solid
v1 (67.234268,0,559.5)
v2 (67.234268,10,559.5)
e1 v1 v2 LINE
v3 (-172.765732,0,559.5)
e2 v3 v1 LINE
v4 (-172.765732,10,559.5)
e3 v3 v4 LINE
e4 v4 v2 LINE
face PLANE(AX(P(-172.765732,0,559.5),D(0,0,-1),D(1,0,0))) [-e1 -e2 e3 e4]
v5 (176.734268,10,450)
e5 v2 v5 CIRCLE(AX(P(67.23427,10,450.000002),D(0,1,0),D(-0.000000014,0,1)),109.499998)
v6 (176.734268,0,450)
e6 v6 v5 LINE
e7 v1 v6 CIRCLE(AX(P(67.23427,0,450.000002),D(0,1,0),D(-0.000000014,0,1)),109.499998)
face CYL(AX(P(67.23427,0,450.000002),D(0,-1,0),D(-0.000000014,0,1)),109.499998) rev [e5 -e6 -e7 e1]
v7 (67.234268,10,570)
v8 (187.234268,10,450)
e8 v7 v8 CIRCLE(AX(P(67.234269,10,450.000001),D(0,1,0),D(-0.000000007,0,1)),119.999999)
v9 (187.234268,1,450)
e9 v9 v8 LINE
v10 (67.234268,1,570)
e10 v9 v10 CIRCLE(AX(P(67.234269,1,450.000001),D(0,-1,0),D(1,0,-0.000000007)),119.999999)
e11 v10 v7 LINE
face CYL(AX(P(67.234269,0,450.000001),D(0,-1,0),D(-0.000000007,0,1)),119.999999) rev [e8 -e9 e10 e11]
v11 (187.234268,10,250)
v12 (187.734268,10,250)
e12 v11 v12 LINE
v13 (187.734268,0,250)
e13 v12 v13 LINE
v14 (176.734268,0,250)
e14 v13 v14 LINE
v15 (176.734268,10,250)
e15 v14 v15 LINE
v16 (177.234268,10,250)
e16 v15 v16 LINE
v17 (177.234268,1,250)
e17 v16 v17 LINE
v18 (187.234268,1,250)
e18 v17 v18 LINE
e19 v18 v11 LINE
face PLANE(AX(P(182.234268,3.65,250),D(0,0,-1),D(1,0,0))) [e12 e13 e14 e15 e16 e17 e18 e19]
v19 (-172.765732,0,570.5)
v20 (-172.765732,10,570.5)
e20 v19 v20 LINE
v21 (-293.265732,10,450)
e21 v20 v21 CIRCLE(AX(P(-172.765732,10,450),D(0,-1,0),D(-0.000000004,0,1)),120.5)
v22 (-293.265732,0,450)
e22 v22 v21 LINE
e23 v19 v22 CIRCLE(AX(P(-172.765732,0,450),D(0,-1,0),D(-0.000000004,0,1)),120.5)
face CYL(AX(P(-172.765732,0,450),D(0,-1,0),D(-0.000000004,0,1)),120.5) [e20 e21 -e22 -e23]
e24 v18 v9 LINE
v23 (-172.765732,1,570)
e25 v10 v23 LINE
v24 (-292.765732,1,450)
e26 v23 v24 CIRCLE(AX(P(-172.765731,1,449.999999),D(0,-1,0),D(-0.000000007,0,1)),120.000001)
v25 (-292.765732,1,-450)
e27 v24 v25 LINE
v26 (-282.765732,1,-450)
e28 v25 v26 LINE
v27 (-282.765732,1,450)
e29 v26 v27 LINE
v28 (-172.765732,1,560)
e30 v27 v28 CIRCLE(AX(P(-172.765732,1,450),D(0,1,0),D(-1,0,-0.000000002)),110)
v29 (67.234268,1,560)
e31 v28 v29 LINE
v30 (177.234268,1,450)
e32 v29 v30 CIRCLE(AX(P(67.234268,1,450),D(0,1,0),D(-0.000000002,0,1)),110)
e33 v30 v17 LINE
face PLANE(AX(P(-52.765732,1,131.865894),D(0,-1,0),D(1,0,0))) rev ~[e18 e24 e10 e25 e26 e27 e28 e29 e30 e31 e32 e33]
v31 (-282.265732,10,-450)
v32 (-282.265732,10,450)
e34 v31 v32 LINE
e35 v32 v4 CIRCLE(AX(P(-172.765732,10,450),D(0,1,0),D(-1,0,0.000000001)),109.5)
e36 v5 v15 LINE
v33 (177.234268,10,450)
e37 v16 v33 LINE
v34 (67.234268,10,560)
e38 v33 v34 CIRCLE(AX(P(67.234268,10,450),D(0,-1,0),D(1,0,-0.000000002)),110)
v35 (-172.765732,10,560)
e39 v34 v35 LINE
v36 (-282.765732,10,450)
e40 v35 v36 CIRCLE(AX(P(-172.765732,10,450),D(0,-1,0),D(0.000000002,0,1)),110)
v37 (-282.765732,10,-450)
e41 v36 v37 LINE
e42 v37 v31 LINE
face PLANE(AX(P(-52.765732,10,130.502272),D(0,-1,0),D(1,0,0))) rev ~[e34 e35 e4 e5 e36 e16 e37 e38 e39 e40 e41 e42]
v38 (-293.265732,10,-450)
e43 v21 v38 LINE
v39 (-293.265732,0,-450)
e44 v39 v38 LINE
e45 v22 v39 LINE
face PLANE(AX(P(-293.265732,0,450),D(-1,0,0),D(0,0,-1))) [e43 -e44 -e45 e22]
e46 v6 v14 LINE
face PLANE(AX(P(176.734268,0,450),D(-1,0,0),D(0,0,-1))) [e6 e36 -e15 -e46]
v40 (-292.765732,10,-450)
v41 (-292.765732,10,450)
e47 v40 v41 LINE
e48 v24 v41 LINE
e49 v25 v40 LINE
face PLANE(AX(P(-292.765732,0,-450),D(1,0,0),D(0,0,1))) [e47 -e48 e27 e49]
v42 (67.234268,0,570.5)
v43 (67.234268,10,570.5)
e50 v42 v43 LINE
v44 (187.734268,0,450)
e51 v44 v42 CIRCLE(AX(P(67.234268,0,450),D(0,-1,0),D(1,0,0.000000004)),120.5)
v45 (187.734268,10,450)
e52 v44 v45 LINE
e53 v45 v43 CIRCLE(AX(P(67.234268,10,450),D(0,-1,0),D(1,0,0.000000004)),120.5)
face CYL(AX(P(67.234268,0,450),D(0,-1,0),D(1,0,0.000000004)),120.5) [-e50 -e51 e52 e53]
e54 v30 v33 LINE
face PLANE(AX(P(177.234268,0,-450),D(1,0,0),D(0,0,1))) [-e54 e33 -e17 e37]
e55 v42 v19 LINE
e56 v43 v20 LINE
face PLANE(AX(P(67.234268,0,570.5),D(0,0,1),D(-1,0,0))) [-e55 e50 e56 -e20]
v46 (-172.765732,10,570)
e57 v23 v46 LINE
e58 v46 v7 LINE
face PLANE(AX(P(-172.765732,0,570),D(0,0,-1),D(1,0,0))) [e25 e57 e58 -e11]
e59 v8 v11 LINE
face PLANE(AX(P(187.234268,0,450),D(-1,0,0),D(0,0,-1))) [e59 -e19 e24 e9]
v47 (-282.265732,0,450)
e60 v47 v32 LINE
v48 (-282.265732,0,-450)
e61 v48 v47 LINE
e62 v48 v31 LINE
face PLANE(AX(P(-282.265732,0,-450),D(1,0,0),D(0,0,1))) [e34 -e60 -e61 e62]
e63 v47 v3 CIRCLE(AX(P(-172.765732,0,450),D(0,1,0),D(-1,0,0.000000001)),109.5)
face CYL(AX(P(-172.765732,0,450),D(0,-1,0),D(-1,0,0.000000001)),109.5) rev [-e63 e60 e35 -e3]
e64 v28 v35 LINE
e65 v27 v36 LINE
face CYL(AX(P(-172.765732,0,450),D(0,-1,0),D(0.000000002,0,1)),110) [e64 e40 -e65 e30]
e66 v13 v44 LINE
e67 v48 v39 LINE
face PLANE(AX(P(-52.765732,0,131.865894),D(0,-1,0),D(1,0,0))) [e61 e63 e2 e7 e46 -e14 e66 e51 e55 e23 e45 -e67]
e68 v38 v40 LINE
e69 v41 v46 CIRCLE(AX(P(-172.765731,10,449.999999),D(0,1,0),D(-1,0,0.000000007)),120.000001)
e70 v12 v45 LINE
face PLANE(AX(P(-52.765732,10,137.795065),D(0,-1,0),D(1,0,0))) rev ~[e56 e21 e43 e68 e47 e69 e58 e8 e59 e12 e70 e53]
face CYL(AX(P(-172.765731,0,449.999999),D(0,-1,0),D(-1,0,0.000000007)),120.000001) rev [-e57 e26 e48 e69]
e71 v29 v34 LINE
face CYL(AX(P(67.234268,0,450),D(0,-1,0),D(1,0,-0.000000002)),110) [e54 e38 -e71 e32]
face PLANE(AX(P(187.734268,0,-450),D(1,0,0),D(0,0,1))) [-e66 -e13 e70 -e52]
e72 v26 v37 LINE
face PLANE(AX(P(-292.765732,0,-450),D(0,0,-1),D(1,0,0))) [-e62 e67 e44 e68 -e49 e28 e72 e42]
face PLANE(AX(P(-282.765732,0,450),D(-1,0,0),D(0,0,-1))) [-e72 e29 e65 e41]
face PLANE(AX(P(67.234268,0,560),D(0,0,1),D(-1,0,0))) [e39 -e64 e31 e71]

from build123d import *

# Parameters (mm, degrees)
F1_DEPTH = 10
F2_DEPTH = 1
F3_DEPTH = 700


with BuildPart() as f1:
    # F0 (on Front) → F1 (new body)
    with BuildSketch(Plane.XZ):
        with BuildLine():
            Line((67.234268, 570.5), (-172.765732, 570.5))
            ThreePointArc((-172.765732, 570.5), (-257.972099, 535.206367), (-293.265732, 450))
            Line((-293.265732, 450), (-293.265732, -450))
            Line((-293.265732, -450), (-292.765732, -450))
            Line((-292.765732, -450), (-292.765732, 450))
            ThreePointArc((-292.765732, 450), (-257.618545, 534.852814), (-172.765732, 570))
            Line((-172.765732, 570), (67.234268, 570))
            ThreePointArc((67.234268, 570), (152.087082, 534.852814), (187.234268, 450))
            Line((187.234268, 450), (187.234268, -450))
            Line((187.234268, -450), (187.734268, -450))
            Line((187.734268, -450), (187.734268, 450))
            ThreePointArc((187.734268, 450), (152.440635, 535.206367), (67.234268, 570.5))
        make_face()
        with BuildLine():
            Line((-282.765732, 450), (-282.765732, -450))
            Line((-282.765732, -450), (-282.265732, -450))
            Line((-282.265732, -450), (-282.265732, 450))
            ThreePointArc((-282.265732, 450), (-250.193924, 527.428193), (-172.765732, 559.5))
            Line((-172.765732, 559.5), (67.234268, 559.5))
            ThreePointArc((67.234268, 559.5), (144.662461, 527.428193), (176.734268, 450))
            Line((176.734268, 450), (176.734268, -450))
            Line((176.734268, -450), (177.234268, -450))
            Line((177.234268, -450), (177.234268, 450))
            ThreePointArc((177.234268, 450), (145.016014, 527.781746), (67.234268, 560))
            Line((67.234268, 560), (-172.765732, 560))
            ThreePointArc((-172.765732, 560), (-250.547478, 527.781746), (-282.765732, 450))
        make_face()
    extrude(amount=-F1_DEPTH)

    # F0 (on Front) → F2 (join)
    with BuildSketch(Plane.XZ):
        with BuildLine():
            Line((-292.765732, 450), (-292.765732, -450))
            Line((-292.765732, -450), (-282.765732, -450))
            Line((-282.765732, -450), (-282.765732, 450))
            ThreePointArc((-282.765732, 450), (-250.547478, 527.781746), (-172.765732, 560))
            Line((-172.765732, 560), (67.234268, 560))
            ThreePointArc((67.234268, 560), (145.016014, 527.781746), (177.234268, 450))
            Line((177.234268, 450), (177.234268, -450))
            Line((177.234268, -450), (187.234268, -450))
            Line((187.234268, -450), (187.234268, 450))
            ThreePointArc((187.234268, 450), (152.087082, 534.852814), (67.234268, 570))
            Line((67.234268, 570), (-172.765732, 570))
            ThreePointArc((-172.765732, 570), (-257.618545, 534.852814), (-292.765732, 450))
        make_face()
    extrude(amount=-F2_DEPTH)

    # F2_face (on face) → F3 (cut)
    with BuildSketch(Plane(origin=(182.234268, 2.75, -450), x_dir=(1, 0, 0), z_dir=(0, 0, -1))):
        Polygon((5, 1.75), (5, -7.25), (5.5, -7.25), (5.5, 2.75), (-5.5, 2.75), (-5.5, -7.25), (-5, -7.25), (-5, 1.75), align=None)
    extrude(amount=-F3_DEPTH, mode=Mode.SUBTRACT)


solid = f1.part
